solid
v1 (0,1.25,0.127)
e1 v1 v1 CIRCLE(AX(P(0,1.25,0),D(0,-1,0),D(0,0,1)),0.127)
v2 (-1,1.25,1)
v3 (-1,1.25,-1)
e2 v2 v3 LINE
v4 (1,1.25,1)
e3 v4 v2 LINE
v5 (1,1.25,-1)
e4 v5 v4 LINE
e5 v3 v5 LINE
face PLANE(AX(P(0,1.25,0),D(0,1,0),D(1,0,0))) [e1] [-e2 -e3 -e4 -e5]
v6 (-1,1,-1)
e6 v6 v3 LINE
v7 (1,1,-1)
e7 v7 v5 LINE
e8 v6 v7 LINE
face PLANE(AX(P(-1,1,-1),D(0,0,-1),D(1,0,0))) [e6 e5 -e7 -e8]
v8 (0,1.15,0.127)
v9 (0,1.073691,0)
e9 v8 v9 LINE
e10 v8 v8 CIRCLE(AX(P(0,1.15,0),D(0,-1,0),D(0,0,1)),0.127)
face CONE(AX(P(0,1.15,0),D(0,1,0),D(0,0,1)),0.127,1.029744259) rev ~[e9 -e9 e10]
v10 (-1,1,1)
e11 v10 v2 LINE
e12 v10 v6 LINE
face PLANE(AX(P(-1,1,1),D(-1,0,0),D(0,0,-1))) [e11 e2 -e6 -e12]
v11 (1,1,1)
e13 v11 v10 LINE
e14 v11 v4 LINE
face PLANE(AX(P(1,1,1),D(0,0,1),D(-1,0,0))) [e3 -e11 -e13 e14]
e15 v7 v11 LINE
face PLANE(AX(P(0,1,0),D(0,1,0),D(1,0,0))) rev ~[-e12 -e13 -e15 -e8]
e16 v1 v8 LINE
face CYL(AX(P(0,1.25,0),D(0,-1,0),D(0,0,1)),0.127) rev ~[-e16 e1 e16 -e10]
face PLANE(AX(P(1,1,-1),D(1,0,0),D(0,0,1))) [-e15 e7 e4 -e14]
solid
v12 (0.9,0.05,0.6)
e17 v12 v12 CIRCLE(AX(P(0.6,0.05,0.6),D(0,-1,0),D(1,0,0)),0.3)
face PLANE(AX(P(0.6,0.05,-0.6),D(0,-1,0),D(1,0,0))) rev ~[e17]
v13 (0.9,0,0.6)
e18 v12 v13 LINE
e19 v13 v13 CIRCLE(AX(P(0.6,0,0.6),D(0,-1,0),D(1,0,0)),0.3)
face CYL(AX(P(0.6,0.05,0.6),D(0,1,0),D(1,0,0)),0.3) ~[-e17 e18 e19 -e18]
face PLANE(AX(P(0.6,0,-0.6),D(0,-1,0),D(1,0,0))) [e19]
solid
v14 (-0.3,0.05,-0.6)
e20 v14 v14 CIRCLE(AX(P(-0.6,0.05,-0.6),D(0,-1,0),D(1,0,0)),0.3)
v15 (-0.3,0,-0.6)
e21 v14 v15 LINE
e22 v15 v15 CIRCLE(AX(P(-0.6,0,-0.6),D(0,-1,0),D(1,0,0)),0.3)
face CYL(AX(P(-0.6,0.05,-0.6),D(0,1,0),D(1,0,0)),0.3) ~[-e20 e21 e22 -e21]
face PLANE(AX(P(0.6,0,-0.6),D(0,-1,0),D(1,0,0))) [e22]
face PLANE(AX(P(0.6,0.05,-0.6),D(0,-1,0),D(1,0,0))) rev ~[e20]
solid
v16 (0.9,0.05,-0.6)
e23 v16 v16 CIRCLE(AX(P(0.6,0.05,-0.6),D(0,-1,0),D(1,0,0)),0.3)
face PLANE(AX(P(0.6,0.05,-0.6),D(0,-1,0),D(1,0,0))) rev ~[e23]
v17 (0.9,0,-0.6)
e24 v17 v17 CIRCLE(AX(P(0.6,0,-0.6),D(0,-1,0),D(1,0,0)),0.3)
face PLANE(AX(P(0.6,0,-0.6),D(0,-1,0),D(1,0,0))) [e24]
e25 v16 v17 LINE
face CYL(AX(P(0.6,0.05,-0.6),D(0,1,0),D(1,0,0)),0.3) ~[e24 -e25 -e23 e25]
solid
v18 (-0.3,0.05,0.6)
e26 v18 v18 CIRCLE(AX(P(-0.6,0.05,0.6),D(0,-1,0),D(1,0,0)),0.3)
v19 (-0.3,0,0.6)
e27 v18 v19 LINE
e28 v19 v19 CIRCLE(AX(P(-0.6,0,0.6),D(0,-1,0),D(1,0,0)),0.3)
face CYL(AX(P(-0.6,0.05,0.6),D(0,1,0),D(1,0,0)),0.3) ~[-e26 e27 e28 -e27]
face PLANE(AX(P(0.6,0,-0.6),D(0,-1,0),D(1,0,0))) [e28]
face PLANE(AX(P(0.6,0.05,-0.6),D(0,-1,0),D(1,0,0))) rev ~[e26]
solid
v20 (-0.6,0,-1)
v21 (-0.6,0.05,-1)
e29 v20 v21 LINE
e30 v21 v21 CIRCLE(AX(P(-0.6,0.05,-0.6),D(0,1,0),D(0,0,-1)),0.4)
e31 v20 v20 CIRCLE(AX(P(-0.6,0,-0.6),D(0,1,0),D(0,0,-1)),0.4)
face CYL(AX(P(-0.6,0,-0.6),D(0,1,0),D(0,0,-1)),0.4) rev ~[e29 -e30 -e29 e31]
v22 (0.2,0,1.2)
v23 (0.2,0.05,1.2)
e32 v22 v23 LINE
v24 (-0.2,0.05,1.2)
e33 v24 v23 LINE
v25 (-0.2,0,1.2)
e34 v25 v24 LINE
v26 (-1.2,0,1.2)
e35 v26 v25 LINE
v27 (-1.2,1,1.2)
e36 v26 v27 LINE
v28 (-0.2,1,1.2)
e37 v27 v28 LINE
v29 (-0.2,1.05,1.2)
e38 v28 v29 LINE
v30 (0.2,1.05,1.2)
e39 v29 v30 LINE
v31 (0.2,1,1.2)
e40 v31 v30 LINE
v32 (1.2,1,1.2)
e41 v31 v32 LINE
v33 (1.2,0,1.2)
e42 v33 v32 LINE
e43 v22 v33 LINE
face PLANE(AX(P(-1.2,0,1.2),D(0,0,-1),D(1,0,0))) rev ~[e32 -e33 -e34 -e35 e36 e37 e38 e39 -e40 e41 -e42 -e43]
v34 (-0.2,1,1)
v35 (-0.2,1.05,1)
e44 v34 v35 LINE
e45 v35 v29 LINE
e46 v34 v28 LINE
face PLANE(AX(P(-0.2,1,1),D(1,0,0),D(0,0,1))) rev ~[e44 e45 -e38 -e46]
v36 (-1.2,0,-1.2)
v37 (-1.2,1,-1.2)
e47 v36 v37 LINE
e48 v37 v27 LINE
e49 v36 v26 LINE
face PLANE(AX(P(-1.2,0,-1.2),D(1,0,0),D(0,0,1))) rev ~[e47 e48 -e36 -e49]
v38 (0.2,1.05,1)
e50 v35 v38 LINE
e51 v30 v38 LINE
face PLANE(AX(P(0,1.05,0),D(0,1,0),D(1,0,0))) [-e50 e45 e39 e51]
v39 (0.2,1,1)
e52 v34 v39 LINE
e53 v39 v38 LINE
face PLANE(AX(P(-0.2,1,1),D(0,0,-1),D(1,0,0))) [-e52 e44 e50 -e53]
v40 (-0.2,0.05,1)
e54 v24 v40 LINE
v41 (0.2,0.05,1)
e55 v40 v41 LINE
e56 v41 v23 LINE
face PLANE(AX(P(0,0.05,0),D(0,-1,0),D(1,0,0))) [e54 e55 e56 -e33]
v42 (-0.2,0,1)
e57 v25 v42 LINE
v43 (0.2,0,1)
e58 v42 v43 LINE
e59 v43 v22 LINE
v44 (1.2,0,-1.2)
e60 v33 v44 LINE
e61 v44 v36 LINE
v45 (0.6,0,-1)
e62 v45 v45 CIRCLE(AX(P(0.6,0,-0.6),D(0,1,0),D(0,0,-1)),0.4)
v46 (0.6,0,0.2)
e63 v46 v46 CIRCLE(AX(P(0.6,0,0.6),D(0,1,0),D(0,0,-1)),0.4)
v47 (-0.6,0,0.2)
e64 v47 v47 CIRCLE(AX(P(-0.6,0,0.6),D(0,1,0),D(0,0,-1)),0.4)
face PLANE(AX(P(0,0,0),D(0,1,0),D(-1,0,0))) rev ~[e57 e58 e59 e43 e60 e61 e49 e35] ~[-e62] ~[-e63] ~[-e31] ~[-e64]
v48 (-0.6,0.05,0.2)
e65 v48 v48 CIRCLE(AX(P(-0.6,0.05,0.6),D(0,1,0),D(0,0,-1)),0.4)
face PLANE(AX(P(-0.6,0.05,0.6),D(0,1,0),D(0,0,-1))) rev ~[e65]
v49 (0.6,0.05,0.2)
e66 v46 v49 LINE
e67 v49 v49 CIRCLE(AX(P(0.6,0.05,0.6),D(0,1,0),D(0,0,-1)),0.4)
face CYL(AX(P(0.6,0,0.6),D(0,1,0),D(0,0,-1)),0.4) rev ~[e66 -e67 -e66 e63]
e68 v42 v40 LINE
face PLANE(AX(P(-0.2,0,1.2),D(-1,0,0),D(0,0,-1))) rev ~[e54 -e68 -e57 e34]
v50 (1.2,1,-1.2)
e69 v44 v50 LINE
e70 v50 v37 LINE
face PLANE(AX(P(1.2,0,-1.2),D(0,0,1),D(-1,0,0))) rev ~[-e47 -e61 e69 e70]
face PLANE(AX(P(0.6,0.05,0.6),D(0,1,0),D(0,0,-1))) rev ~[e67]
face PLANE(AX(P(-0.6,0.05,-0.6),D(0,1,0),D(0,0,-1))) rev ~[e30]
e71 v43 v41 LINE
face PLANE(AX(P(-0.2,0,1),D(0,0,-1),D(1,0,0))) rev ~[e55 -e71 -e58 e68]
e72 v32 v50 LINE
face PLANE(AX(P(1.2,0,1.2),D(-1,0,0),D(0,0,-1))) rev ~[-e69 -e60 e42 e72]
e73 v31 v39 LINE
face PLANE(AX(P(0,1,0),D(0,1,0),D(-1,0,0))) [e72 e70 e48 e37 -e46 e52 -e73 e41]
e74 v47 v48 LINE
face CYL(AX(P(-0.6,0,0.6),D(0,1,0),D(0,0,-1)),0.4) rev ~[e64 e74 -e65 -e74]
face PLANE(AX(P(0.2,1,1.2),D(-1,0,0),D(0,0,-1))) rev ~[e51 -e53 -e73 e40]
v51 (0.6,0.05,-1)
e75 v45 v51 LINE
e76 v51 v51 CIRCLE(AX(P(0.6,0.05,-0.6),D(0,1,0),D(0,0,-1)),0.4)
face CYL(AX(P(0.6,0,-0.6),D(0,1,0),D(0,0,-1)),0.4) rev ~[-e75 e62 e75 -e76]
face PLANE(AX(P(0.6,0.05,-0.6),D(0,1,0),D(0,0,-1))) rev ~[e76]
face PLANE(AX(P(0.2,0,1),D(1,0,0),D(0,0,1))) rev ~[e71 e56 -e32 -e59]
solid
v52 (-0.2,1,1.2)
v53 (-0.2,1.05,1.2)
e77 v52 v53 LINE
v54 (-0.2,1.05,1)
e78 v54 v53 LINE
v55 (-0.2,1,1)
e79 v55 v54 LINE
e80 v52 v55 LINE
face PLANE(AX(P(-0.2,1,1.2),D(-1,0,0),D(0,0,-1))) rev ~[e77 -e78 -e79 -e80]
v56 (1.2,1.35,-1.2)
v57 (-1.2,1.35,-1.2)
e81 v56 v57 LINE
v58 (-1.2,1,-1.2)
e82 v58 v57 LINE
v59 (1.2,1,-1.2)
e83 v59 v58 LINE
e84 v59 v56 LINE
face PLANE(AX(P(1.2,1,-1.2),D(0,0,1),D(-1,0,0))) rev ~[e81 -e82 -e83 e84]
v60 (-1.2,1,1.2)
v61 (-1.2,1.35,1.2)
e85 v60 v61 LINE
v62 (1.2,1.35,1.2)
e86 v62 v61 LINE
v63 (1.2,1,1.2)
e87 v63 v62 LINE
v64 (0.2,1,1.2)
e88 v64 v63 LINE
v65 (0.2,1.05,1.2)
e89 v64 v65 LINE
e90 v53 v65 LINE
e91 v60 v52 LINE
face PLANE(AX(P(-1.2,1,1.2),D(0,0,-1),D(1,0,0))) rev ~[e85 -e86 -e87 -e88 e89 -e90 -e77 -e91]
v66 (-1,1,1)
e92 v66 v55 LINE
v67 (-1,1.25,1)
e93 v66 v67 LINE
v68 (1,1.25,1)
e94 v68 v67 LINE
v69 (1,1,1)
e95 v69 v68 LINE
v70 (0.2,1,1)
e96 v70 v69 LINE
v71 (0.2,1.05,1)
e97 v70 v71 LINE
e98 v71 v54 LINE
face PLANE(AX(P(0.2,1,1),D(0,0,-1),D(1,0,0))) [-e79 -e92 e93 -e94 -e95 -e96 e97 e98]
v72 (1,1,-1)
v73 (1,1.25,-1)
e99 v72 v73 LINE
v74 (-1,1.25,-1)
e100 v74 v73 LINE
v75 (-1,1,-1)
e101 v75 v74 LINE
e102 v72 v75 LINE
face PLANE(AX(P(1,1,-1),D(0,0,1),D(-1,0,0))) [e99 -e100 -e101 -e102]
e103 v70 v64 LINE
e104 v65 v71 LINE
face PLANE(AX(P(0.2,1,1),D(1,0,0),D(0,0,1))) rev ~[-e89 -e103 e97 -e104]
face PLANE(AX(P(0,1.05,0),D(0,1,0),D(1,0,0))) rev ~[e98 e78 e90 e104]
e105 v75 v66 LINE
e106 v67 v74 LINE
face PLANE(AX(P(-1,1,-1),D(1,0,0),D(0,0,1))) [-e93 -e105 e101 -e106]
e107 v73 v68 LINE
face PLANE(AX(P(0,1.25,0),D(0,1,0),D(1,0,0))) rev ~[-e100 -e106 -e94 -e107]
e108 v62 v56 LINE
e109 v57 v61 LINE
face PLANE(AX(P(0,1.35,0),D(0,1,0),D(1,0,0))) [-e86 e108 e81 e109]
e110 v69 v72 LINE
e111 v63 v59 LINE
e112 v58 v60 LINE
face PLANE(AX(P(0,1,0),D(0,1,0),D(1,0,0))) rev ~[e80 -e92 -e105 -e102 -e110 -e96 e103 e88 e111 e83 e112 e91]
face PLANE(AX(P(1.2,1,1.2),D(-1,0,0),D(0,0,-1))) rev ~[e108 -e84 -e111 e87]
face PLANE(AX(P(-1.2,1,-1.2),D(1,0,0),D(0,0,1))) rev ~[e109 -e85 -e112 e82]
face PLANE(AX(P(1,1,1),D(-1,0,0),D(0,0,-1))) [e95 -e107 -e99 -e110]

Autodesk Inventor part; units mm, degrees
ref_plane "YZ Plane" through (0, 0, 0) normal (1, 0, 0) x (0, 1, 0)
ref_plane "XZ Plane" through (0, 0, 0) normal (0, 1, 0) x (-1, 0, 0)
ref_plane "XY Plane" through (0, 0, 0) normal (0, 0, 1) x (1, 0, 0)
sketch "Sketch1" plane through (0, 0, 0) normal (0, 1, 0) x (-1, 0, 0)
  line L0 (1.2, 1.2) -> (-1.2, 1.2)
  line L1 (-1.2, 1.2) -> (-1.2, -1.2)
  line L2 (-1.2, -1.2) -> (1.2, -1.2)
  line L3 (1.2, -1.2) -> (1.2, 1.2)
  line L4 (1.2, 1.2) -> (-1.2, -1.2) construction
  line L5 (-1.2, 1.2) -> (1.2, -1.2) construction
  point P0 (0, 0)
  dimension "d0" = 2.4
  dimension "d1" = 2.4
extrude "Extrusion1" add sketch "Sketch1" along normal blind 1
sketch "Sketch2" plane through (0, 1, 0) normal (0, 1, 0) x (1, 0, 0)
  line L0 (1, -1) -> (-1, -1)
  line L1 (-1, -1) -> (-1, 1)
  line L2 (-1, 1) -> (1, 1)
  line L3 (1, 1) -> (1, -1)
  line L4 (1, -1) -> (-1, 1) construction
  line L5 (-1, -1) -> (1, 1) construction
  point P0 (0, 0)
  dimension "d4" = 2
  dimension "d5" = 2
extrude "Extrusion2" add sketch "Sketch2" along normal blind 0.25 separate body
sketch "Sketch8" plane through (0, 1, 0) normal (0, 1, 0) x (1, 0, 0)
  line L0 (-1.2, -1.2) -> (1.2, -1.2) projected
  line L1 (1.2, -1.2) -> (1.2, 1.2) projected
  line L2 (1.2, 1.2) -> (-1.2, 1.2) projected
  line L3 (-1.2, 1.2) -> (-1.2, -1.2) projected
  line L4 (-1, -1) -> (1, -1) projected
  line L5 (-0.2, -1.2) -> (0.2, -1.2)
  line L6 (0.2, -1.2) -> (0.2, -1)
  line L7 (0.2, -1) -> (-0.2, -1)
  line L8 (-0.2, -1) -> (-0.2, -1.2)
  point P0 (0, 0)
  point P1 (0, -1)
  point P2 (0, -1.2)
  dimension "d49" = 0.4
extrude "Extrusion6" add sketch "Sketch8" along normal blind 0.05 contours L8 L4 L6 L0 bodies 1
sketch "Sketch3" plane through (0, 1, 0) normal (0, 1, 0) x (1, 0, 0)
  line L0 (-1.2, -1.2) -> (-0.2, -1.2) projected
  line L1 (1.2, -1.2) -> (1.2, 1.2) projected
  line L2 (1.2, 1.2) -> (-1.2, 1.2) projected
  line L3 (-1.2, 1.2) -> (-1.2, -1.2) projected
  line L4 (-1, -1) -> (1, -1) projected
  line L5 (1, -1) -> (1, 1) projected
  line L6 (1, 1) -> (-1, 1) projected
  line L7 (-1, 1) -> (-1, -1) projected
  line L8 (0.2, -1) -> (0.2, -1.2) projected
  line L9 (0.2, -1.2) -> (1.2, -1.2) projected
  line L10 (-0.2, -1.2) -> (-0.2, -1) projected
  line L11 (-0.2, -1) -> (0.2, -1) projected
  point P0 (0, 0)
extrude "Extrusion3" add sketch "Sketch3" along normal blind 0.35 separate body contours L3 L2 L1 L9 L8 L4 L5 L6 L7 L10 L0
sketch "Sketch9" plane through (0, 1.05, 0) normal (0, 1, 0) x (1, 0, 0)
  point P0 (0, 0)
sketch "Sketch10" plane through (0, 1.35, 0) normal (0, 1, 0) x (1, 0, 0)
  line L0 (-0.2, -1.2) -> (0.2, -1.2) projected
  line L1 (0.2, -1.2) -> (0.2, -1) projected
  line L2 (0.2, -1) -> (-0.2, -1) projected
  line L3 (-0.2, -1) -> (-0.2, -1.2) projected
  point P0 (0, 0)
extrude "Extrusion7" add sketch "Sketch10" against normal up to surface (0.3 mm away) bodies 3
sketch "Sketch5" plane through (0, 1.25, 0) normal (0, 1, 0) x (1, 0, 0)
  point P0 (0, 0)
  point P1 (0, 0)
hole "Hole1" at (0, 1.25, 0) direction (0, -1, 0) diameter 0.254 depth 0.1 tip angle 118 bodies 2
sketch "Sketch4" plane through (0, 1.35, 0) normal (0, 1, 0) x (1, 0, 0)
  line L0 (-1, -1) -> (-1, 1) projected
  line L1 (-1, 1) -> (1, 1) projected
  line L2 (1, 1) -> (1, -1) projected
  line L3 (1, -1) -> (-1, -1) projected
  line L4 (1.2, -1.2) -> (1.2, 1.2) projected
  line L5 (1.2, 1.2) -> (-1.2, 1.2) projected
  line L6 (-1.2, 1.2) -> (-1.2, -1.2) projected
  line L7 (-1.2, -1.2) -> (1.2, -1.2) projected
  point P0 (0, 0)
extrude "Extrusion4" add sketch "Sketch4" against normal up to surface (0.1 mm away) contours L0 L1 L2 L3 bodies 3
sketch "Sketch6" plane through (0, 0, 0) normal (0, -1, 0) x (1, 0, 0)
  line L0 (0.6, 0.6) -> (-0.6, 0.6)
  line L1 (-0.6, 0.6) -> (-0.6, -0.6)
  line L2 (-0.6, -0.6) -> (0.6, -0.6)
  line L3 (0.6, -0.6) -> (0.6, 0.6)
  line L4 (0.6, 0.6) -> (-0.6, -0.6) construction
  line L5 (-0.6, 0.6) -> (0.6, -0.6) construction
  point P0 (0, 0)
  point P1 (0, 0)
  point P2 (0, 0)
  dimension "d19" = 1.2
  dimension "d20" = 1.2
hole "Hole2" at (0.6, 0, -0.6) at (-0.6, 0, -0.6) at (0.6, 0, 0.6) at (-0.6, 0, 0.6) direction (0, 1, 0) diameter 0.8 depth 0.05 bodies 1
sketch "Sketch11" plane through (0, 0, 0) normal (0, -1, 0) x (1, 0, 0)
  circle A0 centre (0.6, -0.6) radius 0.4 projected
  circle A1 centre (-0.6, -0.6) radius 0.4 projected
  circle A2 centre (0.6, 0.6) radius 0.4 projected
  line L0 (-1.2, 1.2) -> (1.2, 1.2) projected
  line L1 (-1.2, -1.2) -> (-1.2, 1.2) projected
  line L2 (1.2, -1.2) -> (-1.2, -1.2) projected
  line L3 (1.2, 1.2) -> (1.2, -1.2) projected
  line L4 (0.2, 1.2) -> (-0.2, 1.2)
  line L5 (-0.2, 1.2) -> (-0.2, 1)
  line L6 (-0.2, 1) -> (0.2, 1)
  line L7 (0.2, 1) -> (0.2, 1.2)
  line L8 (-1.2, 1.2) -> (1.2, 1.2) projected
  point P0 (0, 0)
  point P1 (0, 1.2)
  point P2 (0, 1.2)
  dimension "d41" = 0.4
  dimension "d42" = 0.2
extrude "Extrusion8" cut sketch "Sketch11" against normal blind 0.05 contours L0 L7 L6 L5 bodies 1
sketch "Sketch12" plane through (0.6, 0.05, -0.6) normal (0, -1, 0) x (1, 0, 0)
  circle A0 centre (0, 0) radius 0.4 projected
  circle A1 centre (-1.2, 0) radius 0.4 projected
  circle A2 centre (0, 1.2) radius 0.4 projected
  circle A3 centre (-1.2, 1.2) radius 0.4 projected
  circle A4 centre (0, 0) radius 0.3
  circle A5 centre (-1.2, 0) radius 0.3
  circle A6 centre (-1.2, 1.2) radius 0.3
  circle A7 centre (0, 1.2) radius 0.3
  dimension "d46" = 0.6
extrude "Extrusion9" add sketch "Sketch12" along normal up to surface (0.05 mm away) separate body contours A4 | A5 | A6 | A7
properties part number "13360-30xxVE" material "ABS Plastic"
